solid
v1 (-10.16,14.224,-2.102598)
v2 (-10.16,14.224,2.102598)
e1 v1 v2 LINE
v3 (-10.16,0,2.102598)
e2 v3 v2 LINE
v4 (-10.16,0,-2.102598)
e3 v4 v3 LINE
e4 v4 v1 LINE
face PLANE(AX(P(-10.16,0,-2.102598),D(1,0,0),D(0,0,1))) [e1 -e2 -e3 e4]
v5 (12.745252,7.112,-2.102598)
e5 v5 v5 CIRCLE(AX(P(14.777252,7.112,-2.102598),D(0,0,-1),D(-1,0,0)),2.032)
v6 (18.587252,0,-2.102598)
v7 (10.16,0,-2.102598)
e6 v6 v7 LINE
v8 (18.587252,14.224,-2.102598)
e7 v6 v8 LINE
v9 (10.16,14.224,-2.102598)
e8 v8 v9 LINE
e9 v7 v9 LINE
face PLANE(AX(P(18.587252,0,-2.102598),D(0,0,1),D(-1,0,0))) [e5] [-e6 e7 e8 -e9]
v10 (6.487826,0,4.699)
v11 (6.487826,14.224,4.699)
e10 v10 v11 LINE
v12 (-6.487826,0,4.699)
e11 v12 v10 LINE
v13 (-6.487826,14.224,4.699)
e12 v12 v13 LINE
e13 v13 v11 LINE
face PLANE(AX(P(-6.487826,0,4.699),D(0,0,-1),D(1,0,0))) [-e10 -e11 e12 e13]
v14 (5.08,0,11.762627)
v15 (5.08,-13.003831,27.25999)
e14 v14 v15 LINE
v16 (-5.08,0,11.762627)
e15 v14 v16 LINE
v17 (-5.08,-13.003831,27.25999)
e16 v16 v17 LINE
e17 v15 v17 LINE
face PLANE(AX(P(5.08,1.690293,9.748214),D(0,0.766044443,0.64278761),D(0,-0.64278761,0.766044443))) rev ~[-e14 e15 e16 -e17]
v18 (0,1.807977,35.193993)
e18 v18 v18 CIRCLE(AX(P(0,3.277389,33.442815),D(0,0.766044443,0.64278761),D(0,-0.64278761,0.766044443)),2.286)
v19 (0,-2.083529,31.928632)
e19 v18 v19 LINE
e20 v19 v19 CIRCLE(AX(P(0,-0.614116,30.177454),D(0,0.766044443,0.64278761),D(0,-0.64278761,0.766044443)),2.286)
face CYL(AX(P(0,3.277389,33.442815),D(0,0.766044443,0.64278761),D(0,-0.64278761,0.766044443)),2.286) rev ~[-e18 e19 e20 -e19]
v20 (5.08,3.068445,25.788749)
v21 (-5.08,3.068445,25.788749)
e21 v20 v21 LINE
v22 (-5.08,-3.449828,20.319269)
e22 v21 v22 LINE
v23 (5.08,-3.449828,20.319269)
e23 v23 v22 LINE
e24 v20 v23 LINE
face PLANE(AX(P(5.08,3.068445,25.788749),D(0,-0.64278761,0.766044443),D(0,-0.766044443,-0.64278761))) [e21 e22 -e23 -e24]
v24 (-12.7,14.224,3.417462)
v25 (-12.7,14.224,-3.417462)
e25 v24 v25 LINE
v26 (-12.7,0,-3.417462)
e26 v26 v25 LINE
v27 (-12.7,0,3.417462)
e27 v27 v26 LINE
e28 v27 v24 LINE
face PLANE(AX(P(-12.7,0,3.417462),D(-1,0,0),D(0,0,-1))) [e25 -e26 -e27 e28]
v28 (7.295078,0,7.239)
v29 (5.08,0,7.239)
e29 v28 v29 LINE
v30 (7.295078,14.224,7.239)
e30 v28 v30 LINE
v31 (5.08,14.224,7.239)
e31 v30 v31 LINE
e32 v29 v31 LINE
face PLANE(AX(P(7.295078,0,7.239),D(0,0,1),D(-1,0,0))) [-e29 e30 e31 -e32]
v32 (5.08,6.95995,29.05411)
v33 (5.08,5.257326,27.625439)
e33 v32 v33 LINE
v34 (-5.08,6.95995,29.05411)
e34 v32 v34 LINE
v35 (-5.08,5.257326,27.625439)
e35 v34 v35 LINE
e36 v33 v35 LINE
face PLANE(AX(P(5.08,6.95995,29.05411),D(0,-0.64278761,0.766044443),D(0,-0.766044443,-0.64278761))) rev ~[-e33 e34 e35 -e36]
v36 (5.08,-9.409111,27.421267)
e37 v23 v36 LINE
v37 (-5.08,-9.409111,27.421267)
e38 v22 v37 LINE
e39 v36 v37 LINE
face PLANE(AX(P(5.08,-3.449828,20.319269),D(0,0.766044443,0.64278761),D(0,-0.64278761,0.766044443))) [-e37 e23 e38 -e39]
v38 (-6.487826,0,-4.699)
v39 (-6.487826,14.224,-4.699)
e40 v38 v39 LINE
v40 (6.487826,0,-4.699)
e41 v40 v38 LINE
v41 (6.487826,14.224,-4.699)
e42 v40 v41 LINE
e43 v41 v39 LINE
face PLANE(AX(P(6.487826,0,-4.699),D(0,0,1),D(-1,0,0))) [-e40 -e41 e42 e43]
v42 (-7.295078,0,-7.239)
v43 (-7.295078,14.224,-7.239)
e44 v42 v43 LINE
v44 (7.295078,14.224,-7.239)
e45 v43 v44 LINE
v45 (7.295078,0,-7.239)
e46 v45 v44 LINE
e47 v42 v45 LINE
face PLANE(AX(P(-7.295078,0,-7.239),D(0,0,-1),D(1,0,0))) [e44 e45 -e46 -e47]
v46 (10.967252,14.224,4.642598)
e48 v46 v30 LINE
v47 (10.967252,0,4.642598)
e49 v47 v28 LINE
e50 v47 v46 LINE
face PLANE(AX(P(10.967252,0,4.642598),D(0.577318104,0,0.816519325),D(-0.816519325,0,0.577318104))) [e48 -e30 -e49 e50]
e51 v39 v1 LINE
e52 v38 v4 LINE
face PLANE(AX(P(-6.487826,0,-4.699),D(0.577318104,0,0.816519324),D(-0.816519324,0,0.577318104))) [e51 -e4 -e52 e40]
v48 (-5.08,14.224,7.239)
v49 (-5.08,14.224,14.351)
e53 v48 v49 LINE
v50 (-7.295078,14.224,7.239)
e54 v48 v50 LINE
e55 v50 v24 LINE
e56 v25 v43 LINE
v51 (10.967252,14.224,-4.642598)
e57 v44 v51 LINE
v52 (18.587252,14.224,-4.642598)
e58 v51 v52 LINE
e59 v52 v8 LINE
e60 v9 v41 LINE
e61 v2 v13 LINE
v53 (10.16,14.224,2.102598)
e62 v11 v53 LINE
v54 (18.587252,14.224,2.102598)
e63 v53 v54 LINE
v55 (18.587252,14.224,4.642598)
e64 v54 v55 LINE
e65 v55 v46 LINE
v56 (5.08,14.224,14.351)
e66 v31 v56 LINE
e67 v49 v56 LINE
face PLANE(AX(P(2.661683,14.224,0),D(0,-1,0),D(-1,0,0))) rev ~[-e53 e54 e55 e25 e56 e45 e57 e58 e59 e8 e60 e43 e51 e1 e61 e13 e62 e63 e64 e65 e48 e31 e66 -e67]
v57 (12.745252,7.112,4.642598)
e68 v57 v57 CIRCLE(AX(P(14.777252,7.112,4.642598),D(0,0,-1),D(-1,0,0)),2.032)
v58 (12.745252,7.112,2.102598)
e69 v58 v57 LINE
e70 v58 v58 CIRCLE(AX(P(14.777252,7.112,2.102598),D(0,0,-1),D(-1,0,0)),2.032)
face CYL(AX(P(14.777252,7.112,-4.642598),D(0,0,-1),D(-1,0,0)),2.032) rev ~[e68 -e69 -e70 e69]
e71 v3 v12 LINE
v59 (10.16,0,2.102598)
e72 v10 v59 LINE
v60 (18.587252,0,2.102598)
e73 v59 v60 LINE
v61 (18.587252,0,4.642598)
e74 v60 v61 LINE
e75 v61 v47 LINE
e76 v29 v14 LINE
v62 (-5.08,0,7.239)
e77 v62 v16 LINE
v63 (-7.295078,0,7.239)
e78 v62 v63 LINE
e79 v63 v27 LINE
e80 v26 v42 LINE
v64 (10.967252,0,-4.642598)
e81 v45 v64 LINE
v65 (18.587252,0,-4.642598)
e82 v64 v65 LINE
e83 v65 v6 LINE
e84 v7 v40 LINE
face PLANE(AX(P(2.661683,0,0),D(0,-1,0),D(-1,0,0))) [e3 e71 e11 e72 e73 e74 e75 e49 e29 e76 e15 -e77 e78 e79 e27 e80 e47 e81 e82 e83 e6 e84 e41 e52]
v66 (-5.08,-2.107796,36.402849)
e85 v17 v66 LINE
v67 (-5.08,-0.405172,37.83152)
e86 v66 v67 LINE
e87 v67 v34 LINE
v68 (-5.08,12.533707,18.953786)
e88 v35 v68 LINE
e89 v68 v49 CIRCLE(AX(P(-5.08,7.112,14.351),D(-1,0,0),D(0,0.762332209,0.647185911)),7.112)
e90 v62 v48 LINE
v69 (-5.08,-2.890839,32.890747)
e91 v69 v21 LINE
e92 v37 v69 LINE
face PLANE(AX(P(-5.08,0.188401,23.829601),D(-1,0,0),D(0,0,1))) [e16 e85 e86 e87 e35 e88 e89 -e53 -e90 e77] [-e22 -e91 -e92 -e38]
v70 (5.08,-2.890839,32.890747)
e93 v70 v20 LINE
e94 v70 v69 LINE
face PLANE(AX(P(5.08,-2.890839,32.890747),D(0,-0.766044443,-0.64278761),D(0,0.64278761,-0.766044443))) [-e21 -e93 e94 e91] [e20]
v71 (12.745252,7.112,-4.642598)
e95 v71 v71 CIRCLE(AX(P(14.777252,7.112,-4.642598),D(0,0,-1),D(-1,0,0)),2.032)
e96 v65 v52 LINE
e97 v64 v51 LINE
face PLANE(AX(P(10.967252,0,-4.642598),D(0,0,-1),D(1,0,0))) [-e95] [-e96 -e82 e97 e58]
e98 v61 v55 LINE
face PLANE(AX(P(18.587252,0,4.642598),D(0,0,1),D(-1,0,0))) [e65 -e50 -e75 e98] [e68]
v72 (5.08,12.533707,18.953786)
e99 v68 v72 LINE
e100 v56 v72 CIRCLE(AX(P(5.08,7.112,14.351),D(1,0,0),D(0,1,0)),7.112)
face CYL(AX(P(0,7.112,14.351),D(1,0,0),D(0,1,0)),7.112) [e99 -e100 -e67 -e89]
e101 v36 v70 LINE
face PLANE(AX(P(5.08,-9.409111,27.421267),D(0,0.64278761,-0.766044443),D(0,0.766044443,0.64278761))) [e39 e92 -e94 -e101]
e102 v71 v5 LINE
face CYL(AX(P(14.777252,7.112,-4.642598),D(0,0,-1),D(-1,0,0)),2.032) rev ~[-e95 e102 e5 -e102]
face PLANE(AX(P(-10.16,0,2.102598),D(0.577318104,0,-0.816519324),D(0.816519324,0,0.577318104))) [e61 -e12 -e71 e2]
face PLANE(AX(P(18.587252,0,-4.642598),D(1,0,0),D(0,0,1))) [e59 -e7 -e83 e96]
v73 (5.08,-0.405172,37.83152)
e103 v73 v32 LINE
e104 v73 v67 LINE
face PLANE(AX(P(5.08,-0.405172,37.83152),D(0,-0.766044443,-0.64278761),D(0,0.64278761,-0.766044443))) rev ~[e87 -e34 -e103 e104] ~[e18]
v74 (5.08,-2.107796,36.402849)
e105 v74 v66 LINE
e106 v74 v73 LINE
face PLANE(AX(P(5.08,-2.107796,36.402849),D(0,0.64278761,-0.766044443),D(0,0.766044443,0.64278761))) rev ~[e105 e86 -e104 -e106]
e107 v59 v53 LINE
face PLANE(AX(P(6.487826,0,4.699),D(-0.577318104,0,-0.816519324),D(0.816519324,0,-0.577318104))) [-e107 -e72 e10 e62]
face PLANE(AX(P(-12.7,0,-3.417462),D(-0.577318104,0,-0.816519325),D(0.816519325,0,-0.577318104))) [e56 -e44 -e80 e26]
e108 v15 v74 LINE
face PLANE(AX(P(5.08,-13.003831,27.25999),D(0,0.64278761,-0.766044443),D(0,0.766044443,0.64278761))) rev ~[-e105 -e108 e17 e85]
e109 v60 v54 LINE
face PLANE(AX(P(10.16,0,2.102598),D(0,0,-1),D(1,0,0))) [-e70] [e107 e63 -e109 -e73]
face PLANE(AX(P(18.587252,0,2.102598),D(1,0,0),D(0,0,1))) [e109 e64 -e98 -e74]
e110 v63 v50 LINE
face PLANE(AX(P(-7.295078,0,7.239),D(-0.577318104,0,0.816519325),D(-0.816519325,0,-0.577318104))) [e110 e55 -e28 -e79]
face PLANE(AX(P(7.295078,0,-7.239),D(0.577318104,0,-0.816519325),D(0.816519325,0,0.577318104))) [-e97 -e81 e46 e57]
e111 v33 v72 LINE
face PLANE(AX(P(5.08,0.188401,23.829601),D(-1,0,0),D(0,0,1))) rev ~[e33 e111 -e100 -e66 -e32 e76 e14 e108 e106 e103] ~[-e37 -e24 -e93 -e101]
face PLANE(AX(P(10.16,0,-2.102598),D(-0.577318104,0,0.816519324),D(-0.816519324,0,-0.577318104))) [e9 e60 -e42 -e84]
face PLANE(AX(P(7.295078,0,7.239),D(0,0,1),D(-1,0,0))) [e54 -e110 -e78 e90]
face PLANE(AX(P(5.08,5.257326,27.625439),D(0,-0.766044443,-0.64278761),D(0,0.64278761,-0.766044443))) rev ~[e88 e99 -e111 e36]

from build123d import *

# Parameters (mm, degrees)
BOSS_EXTRUDE1_DEPTH = 14.224
SKETCH2_W           = 10.16
SKETCH2_H           = 14.224
BOSS_EXTRUDE2_DEPTH = 7.112
SKETCH3_W           = 10.16
SKETCH3_H           = 7.112
REVOLVE2_ANGLE      = 180
CUT_EXTRUDE2_REACH  = 37.062
SKETCH5_R           = 2.032
BOSS_EXTRUDE4_DEPTH = 10.16
SKETCH8_R           = 2.286
CUT_EXTRUDE3_DEPTH  = 5.08


with BuildPart() as part:
    # Sketch1 → Boss-Extrude1 (new body)
    with BuildSketch(Plane(origin=(0, 0, 0), x_dir=(1, 0, 0), z_dir=(0, 1, 0))):
        Polygon((-6.487826296, -4.699), (6.487826296, -4.699), (10.16, -2.102598059), (18.587251519, -2.102598059), (18.587251519, -4.642598059), (10.967251519, -4.642598059), (7.295077814, -7.239), (-7.295077814, -7.239), (-12.7, -3.417462245), (-12.7, 3.417462245), (-7.295077814, 7.239), (7.295077814, 7.239), (10.967251519, 4.642598059), (18.587251519, 4.642598059), (18.587251519, 2.102598059), (10.16, 2.102598059), (6.487826296, 4.699), (-6.487826296, 4.699), (-10.16, 2.102598059), (-10.16, -2.102598059), align=None)
    extrude(amount=BOSS_EXTRUDE1_DEPTH)

    # Sketch2 → Boss-Extrude2 (add)
    with BuildSketch(Plane.XY.offset(7.239)):
        with Locations((0, 7.112)):
            Rectangle(SKETCH2_W, SKETCH2_H)
    extrude(amount=BOSS_EXTRUDE2_DEPTH)

    # Sketch3 → Revolve2 (revolve)
    with BuildSketch(Plane.XY.offset(14.351)):
        with Locations((0, 10.668)):
            Rectangle(SKETCH3_W, SKETCH3_H)
    revolve(axis=Axis((-5.08, 7.112, 14.351), (1, 0, 0)), revolution_arc=REVOLVE2_ANGLE)

    # Cut-Extrude2: up to this face of the body (flat: up to its plane)
    cut_extrude2_end = Plane(part.part.faces().sort_by_distance((14.777251519, 7.112, 4.642598059))[0])
    # Sketch5 → Cut-Extrude2 (cut, up to the picked face)
    with BuildSketch(Plane(origin=(0, 0, -4.642598059), x_dir=(-1, 0, 0), z_dir=(0, 0, -1)), mode=Mode.PRIVATE) as cut_extrude2_sk1:
        with Locations((-14.777251519, 7.112)):
            Circle(SKETCH5_R)
    cut_extrude2_tool1 = split(extrude(cut_extrude2_sk1.sketch, amount=-CUT_EXTRUDE2_REACH, mode=Mode.PRIVATE), bisect_by=cut_extrude2_end, keep=Keep.BOTH, mode=Mode.PRIVATE)
    add(cut_extrude2_tool1.solids().sort_by(Axis((14.777252, 7.112, -4.642598), (0, 0, 1)))[0], mode=Mode.SUBTRACT)

    # Sketch7 → Boss-Extrude4 (add)
    with BuildSketch(Plane(origin=(5.08, 0, 0), x_dir=(0, 0, -1), z_dir=(1, 0, 0))):
        Polygon((-27.259989759, -13.003831416), (-36.402849284, -2.10779573), (-37.831520464, -0.405171719), (-29.054109682, 6.959950431), (-27.625438502, 5.25732642), (-18.891073315, 12.586329027), (-9.748213789, 1.690293341), align=None)
        Polygon((-27.421266886, -9.409111436), (-32.890746657, -2.890839269), (-25.788748625, 3.06844466), (-20.319268854, -3.449827506), align=None, mode=Mode.SUBTRACT)
    extrude(amount=-BOSS_EXTRUDE4_DEPTH)

    # Sketch8 → Cut-Extrude3 (cut)
    with BuildSketch(Plane(origin=(0, 18.390622806, 15.431564813), x_dir=(1, 0, 0), z_dir=(0, 0.7660444431189808, 0.642787609686536))):
        with Locations(Location((0, -23.512017379, 0), (0, 0, 270))):
            Circle(SKETCH8_R)
    extrude(amount=-CUT_EXTRUDE3_DEPTH, mode=Mode.SUBTRACT)


solid = part.part
